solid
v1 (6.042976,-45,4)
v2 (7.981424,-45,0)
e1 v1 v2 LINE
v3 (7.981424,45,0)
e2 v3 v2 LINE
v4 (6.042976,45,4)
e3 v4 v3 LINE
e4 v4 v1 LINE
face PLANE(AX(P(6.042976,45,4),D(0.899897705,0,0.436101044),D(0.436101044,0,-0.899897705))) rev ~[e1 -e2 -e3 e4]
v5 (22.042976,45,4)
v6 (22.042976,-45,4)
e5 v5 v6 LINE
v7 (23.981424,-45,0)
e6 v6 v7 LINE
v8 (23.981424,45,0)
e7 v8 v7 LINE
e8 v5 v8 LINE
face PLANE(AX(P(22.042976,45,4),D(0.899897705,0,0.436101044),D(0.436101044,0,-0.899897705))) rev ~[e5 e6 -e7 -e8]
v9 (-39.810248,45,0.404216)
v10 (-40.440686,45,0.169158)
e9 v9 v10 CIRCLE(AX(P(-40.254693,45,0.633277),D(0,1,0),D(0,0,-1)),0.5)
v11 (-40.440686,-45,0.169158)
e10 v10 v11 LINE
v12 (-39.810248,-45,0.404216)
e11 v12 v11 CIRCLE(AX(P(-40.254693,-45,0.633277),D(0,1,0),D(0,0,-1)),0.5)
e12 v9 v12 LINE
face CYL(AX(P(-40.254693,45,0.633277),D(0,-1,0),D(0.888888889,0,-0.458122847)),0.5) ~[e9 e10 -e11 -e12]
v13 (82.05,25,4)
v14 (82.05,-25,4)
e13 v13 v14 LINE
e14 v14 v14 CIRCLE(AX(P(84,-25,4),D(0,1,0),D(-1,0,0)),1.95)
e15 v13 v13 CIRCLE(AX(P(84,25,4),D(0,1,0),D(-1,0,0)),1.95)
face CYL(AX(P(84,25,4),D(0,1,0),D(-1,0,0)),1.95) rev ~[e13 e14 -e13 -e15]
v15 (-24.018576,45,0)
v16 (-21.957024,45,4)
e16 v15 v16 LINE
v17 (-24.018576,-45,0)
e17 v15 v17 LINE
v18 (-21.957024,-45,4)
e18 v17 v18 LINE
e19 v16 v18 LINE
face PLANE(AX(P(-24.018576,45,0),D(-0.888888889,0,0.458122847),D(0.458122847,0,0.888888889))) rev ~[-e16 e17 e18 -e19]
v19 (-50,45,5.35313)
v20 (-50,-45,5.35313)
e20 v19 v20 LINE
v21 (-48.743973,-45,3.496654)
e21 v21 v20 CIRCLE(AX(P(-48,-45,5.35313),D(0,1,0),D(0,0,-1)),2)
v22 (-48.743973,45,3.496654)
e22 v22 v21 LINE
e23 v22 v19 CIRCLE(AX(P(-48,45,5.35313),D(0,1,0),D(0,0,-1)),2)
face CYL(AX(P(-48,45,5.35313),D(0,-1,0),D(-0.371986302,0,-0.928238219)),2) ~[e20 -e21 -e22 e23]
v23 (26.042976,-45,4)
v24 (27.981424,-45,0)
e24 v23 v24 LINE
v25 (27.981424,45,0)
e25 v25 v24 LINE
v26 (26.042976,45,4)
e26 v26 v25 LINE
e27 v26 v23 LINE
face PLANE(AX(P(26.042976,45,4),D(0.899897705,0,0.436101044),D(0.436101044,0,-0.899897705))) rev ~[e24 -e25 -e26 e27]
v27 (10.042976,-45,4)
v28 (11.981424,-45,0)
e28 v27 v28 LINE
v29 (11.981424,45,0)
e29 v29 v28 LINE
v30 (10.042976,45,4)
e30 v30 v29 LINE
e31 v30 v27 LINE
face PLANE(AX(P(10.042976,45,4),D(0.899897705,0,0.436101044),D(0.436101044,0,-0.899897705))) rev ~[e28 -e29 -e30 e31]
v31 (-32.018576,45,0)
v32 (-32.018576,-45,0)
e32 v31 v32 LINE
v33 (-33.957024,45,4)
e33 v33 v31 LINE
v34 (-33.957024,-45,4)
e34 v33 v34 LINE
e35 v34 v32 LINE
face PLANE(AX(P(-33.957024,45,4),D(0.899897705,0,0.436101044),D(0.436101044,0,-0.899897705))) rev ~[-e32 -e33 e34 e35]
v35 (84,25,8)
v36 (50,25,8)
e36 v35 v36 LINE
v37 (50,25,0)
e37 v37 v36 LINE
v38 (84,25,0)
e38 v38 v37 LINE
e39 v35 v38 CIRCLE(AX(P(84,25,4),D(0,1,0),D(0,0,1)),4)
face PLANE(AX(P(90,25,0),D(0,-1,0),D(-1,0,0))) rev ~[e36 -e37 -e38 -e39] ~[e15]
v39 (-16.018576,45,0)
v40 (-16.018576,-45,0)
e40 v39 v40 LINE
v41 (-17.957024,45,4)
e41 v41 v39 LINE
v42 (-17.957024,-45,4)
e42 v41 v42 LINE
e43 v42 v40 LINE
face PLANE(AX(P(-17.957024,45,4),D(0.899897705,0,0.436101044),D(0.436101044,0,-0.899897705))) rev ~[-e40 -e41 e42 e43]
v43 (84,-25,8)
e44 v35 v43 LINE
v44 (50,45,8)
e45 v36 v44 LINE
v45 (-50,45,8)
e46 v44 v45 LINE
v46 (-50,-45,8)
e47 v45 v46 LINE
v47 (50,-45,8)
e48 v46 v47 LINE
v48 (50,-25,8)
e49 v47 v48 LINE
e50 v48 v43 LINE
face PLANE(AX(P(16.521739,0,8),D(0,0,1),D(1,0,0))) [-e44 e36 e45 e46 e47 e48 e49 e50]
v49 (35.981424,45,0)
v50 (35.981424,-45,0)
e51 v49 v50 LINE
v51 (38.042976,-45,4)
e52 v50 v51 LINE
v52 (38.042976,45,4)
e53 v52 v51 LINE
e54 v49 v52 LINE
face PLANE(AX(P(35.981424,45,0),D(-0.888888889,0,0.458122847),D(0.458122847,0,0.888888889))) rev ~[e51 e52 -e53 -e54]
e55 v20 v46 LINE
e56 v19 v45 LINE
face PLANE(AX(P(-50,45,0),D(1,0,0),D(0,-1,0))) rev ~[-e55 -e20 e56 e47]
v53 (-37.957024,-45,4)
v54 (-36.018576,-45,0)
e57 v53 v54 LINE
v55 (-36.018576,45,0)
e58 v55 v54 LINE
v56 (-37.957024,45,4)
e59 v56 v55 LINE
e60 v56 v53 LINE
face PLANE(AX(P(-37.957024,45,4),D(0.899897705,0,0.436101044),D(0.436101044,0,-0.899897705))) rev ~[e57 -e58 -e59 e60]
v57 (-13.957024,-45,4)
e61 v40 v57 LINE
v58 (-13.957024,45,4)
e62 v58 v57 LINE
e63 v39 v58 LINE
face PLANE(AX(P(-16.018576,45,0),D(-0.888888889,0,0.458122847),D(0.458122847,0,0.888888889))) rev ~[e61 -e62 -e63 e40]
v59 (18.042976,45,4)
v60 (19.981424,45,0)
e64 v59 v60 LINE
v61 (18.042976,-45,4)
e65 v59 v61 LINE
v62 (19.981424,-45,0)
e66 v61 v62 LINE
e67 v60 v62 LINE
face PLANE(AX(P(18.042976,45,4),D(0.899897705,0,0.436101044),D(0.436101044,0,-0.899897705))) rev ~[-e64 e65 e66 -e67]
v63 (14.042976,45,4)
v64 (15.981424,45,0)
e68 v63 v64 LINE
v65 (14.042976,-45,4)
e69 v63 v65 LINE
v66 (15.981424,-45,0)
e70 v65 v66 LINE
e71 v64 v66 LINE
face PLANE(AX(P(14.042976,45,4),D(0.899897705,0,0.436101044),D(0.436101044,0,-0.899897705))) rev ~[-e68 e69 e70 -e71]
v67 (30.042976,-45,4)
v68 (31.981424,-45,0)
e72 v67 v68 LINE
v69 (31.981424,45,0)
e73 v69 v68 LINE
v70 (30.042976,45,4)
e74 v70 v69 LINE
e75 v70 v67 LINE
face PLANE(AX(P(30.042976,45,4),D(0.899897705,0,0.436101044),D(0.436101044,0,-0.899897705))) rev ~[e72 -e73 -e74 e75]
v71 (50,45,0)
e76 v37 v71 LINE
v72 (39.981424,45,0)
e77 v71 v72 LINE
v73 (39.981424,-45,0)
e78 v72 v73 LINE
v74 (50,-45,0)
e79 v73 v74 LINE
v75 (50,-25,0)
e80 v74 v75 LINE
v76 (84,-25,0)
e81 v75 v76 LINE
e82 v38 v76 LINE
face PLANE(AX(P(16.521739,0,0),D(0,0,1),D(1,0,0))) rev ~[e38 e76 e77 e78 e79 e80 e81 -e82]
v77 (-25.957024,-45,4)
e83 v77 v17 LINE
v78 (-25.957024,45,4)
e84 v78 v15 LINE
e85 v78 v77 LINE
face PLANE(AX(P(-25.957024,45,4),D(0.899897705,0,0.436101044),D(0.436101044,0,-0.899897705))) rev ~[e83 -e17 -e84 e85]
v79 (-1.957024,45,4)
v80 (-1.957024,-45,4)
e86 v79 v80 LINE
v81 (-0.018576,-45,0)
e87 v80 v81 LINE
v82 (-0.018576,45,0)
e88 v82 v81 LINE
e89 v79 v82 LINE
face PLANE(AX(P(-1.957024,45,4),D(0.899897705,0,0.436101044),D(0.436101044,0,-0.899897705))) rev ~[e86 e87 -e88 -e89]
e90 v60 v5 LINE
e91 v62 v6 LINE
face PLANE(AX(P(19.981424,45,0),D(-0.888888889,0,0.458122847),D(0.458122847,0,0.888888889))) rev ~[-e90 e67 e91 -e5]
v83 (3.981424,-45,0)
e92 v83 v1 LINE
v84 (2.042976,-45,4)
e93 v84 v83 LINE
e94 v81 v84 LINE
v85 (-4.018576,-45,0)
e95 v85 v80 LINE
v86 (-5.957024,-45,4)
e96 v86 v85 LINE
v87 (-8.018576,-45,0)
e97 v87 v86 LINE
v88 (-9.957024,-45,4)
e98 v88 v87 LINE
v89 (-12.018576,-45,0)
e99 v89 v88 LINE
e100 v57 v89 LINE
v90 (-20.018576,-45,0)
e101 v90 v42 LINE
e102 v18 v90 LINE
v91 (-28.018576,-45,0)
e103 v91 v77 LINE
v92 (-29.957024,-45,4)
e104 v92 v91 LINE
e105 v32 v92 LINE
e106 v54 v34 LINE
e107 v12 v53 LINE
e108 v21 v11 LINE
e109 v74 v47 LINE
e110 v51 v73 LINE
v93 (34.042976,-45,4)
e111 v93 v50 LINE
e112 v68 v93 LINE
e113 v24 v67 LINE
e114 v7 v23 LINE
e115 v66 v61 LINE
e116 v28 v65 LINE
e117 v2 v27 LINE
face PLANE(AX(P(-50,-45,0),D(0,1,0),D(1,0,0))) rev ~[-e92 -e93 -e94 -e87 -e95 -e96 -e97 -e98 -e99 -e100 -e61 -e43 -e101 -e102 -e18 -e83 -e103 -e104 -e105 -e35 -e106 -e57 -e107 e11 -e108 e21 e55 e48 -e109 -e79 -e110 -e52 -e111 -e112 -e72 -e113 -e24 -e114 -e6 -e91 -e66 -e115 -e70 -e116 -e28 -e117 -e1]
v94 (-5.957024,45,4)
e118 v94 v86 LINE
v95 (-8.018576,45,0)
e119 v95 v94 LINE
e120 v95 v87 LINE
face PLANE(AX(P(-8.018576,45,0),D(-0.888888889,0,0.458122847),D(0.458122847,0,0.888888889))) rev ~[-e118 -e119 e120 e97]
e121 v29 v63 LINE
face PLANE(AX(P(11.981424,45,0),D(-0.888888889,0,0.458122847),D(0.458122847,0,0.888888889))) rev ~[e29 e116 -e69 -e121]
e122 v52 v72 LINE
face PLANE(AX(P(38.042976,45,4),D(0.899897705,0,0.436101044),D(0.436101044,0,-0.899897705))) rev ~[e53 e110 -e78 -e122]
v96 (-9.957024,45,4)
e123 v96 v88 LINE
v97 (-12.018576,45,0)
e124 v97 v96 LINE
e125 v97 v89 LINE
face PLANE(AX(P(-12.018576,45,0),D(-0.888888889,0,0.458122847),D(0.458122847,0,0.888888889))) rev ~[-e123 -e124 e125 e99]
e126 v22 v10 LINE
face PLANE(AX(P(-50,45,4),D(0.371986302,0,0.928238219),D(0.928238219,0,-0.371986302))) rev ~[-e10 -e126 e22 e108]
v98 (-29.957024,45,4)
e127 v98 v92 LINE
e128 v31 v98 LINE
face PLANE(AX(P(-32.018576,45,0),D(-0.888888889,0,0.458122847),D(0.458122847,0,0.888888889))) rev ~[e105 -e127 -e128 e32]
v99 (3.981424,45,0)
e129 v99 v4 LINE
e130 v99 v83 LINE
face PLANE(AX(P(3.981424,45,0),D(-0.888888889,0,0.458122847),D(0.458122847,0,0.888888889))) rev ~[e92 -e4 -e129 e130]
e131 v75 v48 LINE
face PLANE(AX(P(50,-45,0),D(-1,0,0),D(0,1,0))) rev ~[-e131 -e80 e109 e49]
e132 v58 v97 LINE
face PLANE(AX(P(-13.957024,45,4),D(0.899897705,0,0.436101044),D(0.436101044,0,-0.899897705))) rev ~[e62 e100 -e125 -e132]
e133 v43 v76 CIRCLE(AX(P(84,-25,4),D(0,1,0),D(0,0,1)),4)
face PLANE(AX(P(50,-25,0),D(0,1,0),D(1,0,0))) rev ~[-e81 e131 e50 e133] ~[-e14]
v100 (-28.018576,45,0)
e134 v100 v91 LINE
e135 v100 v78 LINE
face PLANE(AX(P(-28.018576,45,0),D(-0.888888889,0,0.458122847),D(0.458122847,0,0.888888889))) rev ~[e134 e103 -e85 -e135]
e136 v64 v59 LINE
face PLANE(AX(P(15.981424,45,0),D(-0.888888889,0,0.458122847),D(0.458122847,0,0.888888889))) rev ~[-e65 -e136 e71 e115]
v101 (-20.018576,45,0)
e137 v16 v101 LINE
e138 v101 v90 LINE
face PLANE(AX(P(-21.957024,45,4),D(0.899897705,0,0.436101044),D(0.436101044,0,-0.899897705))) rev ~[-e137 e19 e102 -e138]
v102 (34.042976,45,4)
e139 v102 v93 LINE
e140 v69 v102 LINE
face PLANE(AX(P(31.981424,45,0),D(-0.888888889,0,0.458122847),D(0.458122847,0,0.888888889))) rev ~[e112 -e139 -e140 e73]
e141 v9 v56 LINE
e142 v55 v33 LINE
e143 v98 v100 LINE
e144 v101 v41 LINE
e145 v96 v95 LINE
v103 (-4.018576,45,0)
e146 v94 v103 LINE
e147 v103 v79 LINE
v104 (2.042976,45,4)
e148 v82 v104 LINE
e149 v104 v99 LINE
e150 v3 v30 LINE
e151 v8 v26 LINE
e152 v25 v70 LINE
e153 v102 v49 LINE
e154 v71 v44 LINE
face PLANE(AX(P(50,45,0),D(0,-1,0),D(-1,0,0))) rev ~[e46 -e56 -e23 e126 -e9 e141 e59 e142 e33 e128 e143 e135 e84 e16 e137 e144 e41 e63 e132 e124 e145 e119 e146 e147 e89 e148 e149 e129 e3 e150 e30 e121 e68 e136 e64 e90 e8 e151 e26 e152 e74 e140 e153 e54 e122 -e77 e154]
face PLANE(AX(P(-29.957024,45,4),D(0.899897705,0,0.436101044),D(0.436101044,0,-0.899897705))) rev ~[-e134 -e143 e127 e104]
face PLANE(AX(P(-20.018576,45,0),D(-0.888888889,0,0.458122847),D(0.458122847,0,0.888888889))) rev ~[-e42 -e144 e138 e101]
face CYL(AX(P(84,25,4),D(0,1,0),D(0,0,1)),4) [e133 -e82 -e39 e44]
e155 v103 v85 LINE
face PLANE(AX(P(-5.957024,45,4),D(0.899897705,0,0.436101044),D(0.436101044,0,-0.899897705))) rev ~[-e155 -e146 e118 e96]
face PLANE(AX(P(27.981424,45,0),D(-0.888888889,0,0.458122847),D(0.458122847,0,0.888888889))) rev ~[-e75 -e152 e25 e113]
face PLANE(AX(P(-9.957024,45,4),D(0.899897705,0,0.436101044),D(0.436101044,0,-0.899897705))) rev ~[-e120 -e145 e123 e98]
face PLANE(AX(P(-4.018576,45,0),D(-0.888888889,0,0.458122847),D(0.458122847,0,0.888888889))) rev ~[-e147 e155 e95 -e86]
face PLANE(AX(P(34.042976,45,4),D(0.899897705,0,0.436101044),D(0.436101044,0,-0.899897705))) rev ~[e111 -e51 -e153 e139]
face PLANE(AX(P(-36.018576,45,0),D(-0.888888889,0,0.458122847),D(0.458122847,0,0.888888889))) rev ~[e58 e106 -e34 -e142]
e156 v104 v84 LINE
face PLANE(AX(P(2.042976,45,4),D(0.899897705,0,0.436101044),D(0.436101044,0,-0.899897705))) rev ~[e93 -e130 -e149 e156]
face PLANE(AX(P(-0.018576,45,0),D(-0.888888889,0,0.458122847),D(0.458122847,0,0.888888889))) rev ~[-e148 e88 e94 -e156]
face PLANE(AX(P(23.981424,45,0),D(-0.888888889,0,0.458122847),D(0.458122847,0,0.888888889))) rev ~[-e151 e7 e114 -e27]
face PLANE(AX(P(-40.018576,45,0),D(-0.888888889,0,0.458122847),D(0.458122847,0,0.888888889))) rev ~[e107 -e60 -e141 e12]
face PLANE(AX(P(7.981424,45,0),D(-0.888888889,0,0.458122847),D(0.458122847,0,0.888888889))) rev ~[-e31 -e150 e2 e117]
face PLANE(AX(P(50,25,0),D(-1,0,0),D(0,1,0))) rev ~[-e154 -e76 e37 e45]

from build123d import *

# Parameters (mm, degrees)
BOSS_EXTRUDE1_DEPTH = 8
SKETCH2_R           = 1.95
CUT_EXTRUDE1_DEPTH  = 150
CUT_EXTRUDE2_DEPTH  = 150
CUT_EXTRUDE3_DEPTH  = 150
FILLET2_R           = 0.5
FILLET3_R           = 2


with BuildPart() as part:
    # Sketch1 → Boss-Extrude1 (new body)
    with BuildSketch(Plane.XY):
        Polygon((50, 45), (-50, 45), (-50, -45), (50, -45), (50, -25), (90, -25), (90, 25), (50, 25), align=None)
    extrude(amount=BOSS_EXTRUDE1_DEPTH)

    # Sketch2 → Cut-Extrude1 (cut)
    with BuildSketch(Plane(origin=(0, 25, 0), x_dir=(1, 0, 0), z_dir=(0, 1, 0))):
        with Locations(Location((84, -4, 0), (0, 0, 180))):
            Circle(SKETCH2_R)
    extrude(amount=-CUT_EXTRUDE1_DEPTH, mode=Mode.SUBTRACT)

    # Sketch3 → Cut-Extrude2 (cut)
    with BuildSketch(Plane(origin=(0, 25, 0), x_dir=(1, 0, 0), z_dir=(0, 1, 0))):
        with BuildLine():
            Line((90, -8), (84, -8))
            ThreePointArc((84, -8), (88, -4), (84, 0))
            Line((84, 0), (90, 0))
            Line((90, 0), (90, -8))
        make_face()
    extrude(amount=-CUT_EXTRUDE2_DEPTH, mode=Mode.SUBTRACT)

    # Sketch4 → Cut-Extrude3 (cut)
    with BuildSketch(Plane(origin=(0, 45, 0), x_dir=(1, 0, 0), z_dir=(0, 1, 0))):
        Polygon((-50, -4), (-40.018576331, 0), (-37.957023518, -4), (-36.018576331, 0), (-33.957023518, -4), (-32.018576331, 0), (-29.957023518, -4), (-28.018576331, 0), (-25.957023518, -4), (-24.018576331, 0), (-21.957023518, -4), (-20.018576331, 0), (-17.957023518, -4), (-16.018576331, 0), (-13.957023518, -4), (-12.018576331, 0), (-9.957023518, -4), (-8.018576331, 0), (-5.957023518, -4), (-4.018576331, 0), (-1.957023518, -4), (-0.018576331, 0), (2.042976482, -4), (3.981423669, 0), (6.042976482, -4), (7.981423669, 0), (10.042976482, -4), (11.981423669, 0), (14.042976482, -4), (15.981423669, 0), (18.042976482, -4), (19.981423669, 0), (22.042976482, -4), (23.981423669, 0), (26.042976482, -4), (27.981423669, 0), (30.042976482, -4), (31.981423669, 0), (34.042976482, -4), (35.981423669, 0), (38.042976482, -4), (39.981423669, 0), (37.159266961, 4.620546543), (-31.267866038, 8.187837837), (-50, 0), align=None)
    extrude(amount=-CUT_EXTRUDE3_DEPTH, mode=Mode.SUBTRACT)

    # Fillet2
    fillet2_edges = [part.edges().sort_by_distance(p)[0] for p in [
        (-40.018576331, 0, 0),
    ]]
    fillet(fillet2_edges, radius=FILLET2_R)

    # Fillet3
    fillet3_edges = [part.edges().sort_by_distance(p)[0] for p in [
        (-50, 0, 4),
    ]]
    fillet(fillet3_edges, radius=FILLET3_R)


solid = part.part
